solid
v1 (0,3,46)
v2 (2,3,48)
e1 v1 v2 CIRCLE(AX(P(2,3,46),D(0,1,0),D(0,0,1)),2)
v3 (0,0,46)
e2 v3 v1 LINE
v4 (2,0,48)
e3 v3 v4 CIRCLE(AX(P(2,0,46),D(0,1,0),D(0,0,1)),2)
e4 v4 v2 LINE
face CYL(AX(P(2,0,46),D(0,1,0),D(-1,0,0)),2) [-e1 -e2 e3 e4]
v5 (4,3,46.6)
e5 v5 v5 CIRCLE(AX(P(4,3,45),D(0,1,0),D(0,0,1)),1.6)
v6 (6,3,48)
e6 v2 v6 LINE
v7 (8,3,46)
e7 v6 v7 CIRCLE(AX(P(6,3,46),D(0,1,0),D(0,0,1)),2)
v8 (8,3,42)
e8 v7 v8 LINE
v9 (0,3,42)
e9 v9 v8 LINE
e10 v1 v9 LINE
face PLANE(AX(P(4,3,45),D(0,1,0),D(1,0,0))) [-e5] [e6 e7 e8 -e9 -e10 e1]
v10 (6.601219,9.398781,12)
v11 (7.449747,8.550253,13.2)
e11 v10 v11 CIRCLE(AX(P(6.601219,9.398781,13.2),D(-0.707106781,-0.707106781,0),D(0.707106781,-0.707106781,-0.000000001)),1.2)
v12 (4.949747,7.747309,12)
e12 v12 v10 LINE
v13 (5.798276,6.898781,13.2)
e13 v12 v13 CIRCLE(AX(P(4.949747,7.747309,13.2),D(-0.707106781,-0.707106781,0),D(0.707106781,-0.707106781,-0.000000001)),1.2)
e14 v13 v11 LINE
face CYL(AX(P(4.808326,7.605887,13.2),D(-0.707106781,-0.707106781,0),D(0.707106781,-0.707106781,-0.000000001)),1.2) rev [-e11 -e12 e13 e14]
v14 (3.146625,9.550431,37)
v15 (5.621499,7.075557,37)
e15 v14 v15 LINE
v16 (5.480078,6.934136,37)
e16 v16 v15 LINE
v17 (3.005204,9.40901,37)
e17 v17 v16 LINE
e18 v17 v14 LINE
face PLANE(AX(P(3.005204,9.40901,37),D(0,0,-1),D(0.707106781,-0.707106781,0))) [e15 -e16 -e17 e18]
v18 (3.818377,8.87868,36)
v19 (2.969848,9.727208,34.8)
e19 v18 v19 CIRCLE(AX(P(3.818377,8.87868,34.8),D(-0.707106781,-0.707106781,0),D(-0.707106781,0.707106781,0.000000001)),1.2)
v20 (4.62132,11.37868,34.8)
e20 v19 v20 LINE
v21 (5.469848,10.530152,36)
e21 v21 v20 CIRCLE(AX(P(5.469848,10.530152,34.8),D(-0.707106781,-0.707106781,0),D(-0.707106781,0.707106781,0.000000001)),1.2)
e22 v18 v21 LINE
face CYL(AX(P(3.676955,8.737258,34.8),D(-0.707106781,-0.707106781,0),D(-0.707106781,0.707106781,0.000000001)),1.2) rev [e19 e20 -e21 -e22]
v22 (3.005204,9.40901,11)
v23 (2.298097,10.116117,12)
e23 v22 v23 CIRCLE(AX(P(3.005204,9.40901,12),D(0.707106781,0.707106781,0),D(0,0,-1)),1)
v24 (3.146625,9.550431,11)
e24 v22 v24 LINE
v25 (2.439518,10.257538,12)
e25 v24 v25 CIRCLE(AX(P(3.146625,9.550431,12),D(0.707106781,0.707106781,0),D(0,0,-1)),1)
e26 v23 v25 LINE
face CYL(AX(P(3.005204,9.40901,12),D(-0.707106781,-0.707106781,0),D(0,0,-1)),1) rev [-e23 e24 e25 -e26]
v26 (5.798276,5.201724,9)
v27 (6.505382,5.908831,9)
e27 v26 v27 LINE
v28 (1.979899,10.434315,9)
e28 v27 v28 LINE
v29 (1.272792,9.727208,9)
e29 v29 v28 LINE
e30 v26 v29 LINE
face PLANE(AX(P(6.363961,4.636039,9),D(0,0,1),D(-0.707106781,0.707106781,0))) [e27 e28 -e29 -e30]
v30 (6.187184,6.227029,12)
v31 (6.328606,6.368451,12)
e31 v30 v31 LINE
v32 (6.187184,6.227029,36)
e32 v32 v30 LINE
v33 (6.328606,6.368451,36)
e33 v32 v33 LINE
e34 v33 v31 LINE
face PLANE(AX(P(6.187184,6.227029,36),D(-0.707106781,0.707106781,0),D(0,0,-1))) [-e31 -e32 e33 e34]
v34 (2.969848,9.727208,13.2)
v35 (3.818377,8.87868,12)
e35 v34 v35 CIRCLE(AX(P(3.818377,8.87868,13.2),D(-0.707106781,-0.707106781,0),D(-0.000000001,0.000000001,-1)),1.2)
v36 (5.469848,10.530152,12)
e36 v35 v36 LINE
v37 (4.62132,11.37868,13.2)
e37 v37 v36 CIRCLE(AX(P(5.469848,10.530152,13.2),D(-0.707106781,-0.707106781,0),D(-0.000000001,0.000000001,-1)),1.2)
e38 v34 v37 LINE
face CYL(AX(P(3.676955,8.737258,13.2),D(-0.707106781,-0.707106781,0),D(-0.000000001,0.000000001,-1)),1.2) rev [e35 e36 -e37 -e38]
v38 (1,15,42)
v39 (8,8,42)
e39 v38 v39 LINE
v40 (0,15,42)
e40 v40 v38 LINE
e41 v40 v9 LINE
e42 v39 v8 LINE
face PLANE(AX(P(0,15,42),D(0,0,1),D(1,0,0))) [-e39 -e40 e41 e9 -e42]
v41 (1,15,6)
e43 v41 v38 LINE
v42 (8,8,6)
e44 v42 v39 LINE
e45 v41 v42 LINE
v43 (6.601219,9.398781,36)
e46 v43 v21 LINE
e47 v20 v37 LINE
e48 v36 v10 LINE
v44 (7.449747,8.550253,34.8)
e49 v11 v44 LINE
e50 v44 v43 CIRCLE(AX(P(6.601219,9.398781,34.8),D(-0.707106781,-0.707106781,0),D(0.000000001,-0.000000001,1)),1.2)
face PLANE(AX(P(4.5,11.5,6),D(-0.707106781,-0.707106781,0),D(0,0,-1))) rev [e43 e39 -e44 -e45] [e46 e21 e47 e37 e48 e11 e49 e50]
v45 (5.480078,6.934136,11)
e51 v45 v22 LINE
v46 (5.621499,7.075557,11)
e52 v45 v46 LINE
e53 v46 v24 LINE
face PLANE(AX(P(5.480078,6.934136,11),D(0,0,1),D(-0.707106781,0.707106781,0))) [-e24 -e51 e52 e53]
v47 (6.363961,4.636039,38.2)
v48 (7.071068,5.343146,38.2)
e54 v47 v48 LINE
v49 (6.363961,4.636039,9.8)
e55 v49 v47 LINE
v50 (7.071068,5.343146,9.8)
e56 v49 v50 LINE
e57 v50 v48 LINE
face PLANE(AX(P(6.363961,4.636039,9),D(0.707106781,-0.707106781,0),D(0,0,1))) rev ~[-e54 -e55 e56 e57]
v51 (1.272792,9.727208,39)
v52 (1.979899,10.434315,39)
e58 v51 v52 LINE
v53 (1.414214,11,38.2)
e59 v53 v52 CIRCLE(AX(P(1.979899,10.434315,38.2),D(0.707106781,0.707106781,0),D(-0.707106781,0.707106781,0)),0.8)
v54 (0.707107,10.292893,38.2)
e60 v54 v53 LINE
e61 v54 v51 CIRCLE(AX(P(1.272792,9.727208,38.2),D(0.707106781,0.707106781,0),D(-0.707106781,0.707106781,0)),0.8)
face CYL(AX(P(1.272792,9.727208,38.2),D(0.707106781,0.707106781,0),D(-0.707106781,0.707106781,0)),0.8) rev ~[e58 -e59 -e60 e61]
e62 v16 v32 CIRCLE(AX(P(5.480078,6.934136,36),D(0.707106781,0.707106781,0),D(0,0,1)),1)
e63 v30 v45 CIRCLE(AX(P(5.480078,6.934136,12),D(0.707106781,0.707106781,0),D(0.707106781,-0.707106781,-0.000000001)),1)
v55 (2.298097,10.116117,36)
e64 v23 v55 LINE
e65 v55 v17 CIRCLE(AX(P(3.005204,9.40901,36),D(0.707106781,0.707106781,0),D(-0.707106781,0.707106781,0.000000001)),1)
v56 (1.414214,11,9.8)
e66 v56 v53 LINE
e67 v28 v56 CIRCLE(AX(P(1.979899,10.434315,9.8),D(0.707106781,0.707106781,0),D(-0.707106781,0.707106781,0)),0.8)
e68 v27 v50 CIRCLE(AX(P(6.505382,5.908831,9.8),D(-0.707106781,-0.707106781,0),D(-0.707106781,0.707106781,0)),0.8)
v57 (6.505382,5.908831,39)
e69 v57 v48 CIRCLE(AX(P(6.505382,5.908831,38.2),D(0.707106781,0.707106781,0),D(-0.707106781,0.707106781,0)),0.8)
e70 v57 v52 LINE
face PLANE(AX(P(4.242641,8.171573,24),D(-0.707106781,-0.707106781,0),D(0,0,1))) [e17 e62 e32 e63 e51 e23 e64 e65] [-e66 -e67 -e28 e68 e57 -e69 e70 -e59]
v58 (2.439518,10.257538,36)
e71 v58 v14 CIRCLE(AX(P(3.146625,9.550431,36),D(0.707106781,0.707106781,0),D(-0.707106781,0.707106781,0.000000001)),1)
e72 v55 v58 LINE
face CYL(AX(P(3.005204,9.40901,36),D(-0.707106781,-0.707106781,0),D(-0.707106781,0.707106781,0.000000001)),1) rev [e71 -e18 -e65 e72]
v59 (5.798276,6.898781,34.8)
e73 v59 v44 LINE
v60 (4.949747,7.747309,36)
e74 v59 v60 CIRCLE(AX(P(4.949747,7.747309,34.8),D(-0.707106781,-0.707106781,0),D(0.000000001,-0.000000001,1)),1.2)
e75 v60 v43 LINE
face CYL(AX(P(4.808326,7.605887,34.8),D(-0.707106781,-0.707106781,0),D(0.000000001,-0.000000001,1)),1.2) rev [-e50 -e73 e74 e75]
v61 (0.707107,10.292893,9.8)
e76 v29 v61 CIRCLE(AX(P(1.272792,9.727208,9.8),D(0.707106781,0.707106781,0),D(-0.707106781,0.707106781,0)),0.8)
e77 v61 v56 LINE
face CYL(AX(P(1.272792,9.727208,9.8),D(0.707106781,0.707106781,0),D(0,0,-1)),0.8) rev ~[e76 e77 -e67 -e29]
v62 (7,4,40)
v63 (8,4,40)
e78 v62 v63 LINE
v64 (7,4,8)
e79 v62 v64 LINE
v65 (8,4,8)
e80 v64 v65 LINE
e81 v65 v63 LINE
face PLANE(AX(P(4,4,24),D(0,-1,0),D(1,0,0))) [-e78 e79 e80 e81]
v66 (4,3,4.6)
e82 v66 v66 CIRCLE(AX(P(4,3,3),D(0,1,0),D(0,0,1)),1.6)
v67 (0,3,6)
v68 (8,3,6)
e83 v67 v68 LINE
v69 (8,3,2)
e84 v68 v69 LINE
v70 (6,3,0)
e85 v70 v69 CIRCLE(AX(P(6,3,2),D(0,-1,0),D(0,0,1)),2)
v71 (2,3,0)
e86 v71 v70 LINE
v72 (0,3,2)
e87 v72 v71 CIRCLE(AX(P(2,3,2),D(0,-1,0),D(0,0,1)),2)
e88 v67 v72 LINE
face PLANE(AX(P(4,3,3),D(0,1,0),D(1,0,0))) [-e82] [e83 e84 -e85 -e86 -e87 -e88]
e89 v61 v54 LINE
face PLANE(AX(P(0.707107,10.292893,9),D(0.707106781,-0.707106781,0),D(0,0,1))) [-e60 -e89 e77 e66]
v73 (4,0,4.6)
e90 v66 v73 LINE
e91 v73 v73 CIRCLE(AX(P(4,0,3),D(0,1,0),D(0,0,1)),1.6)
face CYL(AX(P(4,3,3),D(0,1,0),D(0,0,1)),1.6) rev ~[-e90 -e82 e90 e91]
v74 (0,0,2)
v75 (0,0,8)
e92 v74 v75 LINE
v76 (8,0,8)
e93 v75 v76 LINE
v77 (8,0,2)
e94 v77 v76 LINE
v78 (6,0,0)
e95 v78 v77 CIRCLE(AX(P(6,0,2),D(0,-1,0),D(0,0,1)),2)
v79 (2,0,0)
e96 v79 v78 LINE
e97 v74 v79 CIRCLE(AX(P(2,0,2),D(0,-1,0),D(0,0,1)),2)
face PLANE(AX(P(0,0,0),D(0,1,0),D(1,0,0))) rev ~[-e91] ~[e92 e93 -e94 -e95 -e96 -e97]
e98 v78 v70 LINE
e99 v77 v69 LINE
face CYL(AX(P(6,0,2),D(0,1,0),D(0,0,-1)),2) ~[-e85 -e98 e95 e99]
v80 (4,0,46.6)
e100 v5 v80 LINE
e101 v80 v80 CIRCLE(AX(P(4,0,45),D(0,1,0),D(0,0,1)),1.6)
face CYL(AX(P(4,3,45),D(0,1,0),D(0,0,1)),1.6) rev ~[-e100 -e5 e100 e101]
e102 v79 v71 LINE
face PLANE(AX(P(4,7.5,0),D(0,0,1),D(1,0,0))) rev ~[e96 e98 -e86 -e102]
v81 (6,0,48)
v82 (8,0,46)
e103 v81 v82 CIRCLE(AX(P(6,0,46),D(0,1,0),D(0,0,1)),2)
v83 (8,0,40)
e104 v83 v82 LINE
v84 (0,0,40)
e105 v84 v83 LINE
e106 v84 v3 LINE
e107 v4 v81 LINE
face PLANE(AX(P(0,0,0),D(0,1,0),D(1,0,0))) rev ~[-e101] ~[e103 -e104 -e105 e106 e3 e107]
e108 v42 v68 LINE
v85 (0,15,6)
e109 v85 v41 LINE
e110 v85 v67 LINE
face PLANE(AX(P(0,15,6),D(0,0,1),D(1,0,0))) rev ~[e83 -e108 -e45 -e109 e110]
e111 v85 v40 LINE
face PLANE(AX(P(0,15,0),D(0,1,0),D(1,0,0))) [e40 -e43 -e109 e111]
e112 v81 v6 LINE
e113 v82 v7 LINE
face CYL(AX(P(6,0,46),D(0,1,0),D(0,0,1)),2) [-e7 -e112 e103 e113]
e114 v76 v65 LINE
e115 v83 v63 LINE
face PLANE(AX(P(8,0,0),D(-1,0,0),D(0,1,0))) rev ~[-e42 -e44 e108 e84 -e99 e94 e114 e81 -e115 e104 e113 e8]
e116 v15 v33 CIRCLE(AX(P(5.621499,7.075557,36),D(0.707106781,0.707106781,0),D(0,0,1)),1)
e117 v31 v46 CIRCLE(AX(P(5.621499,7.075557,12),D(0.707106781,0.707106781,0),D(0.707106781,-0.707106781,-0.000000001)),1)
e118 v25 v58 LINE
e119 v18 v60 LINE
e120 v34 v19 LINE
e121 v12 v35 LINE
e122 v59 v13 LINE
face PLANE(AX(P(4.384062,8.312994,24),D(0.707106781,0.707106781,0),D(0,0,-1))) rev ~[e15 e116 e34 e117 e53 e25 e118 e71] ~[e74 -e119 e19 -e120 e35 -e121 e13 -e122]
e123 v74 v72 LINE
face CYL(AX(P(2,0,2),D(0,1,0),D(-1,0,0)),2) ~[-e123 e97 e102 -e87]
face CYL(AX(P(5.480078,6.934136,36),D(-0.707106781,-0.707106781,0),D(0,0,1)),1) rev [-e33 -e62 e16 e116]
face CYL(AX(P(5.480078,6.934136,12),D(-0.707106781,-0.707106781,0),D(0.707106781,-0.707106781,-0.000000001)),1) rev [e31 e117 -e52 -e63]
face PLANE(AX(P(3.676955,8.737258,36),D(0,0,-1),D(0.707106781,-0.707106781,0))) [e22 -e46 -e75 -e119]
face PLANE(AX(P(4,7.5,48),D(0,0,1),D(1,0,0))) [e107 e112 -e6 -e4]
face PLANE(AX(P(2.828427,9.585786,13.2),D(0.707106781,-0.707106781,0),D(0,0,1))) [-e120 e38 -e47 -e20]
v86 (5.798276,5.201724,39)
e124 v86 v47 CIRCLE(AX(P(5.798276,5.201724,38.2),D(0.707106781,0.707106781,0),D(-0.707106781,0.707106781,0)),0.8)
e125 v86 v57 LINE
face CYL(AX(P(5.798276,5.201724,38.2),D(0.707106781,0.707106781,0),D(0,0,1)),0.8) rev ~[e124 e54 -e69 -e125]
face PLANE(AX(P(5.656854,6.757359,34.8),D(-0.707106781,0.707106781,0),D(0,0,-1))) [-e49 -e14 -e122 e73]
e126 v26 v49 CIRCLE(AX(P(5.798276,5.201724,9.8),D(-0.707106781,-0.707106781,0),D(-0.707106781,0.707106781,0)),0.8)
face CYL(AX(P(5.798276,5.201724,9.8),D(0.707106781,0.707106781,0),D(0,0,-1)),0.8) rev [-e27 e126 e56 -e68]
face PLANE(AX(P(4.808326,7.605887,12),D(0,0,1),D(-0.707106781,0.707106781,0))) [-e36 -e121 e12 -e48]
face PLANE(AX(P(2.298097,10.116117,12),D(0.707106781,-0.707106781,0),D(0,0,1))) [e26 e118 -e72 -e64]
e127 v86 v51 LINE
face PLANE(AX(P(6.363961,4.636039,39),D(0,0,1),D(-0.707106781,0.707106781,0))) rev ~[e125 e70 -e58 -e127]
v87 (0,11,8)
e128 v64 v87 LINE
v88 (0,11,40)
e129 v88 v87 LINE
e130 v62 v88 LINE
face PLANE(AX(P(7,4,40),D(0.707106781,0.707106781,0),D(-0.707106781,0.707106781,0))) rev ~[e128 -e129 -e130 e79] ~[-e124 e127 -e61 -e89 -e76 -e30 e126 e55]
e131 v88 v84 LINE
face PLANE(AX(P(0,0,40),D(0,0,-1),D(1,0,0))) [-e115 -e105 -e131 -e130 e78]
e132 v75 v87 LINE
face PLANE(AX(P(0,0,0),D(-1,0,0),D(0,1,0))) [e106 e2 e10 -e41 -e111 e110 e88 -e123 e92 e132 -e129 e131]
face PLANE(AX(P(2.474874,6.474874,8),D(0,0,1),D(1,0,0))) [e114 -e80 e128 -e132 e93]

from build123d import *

# Parameters (mm, degrees)
SKETCH_1_W          = 8
SKETCH_1_H          = 15
EXTRUDE_1_DEPTH     = 48
SKETCH_2_W          = 8
SKETCH_2_H          = 6
CUT_EXTRUDE_1_DEPTH = 12
SKETCH_4_W          = 8
SKETCH_4_H          = 32
CUT_EXTRUDE_3_DEPTH = 4
SKETCH_5_R          = 1.6
CUT_EXTRUDE_4_DEPTH = 3
FILLET_1_R          = 2
CUT_EXTRUDE_5_DEPTH = 32
SKETCH_6_W          = 30
SKETCH_6_H          = 8
CUT_EXTRUDE_6_DEPTH = 1
CHAMFER_1_SIZE      = 7
FILLET_2_R          = 0.8
CUT_EXTRUDE_7_DEPTH = 10
CUT_EXTRUDE_8_DEPTH = 0.2


with BuildPart() as part:
    # 草图1 → 凸台-拉伸1 (new body)
    with BuildSketch(Plane.XY):
        with Locations((4, 7.5)):
            Rectangle(SKETCH_1_W, SKETCH_1_H)
    extrude(amount=EXTRUDE_1_DEPTH)

    # 草图2 → 切除-拉伸1 (cut)
    with BuildSketch(Plane(origin=(0, 15, 0), x_dir=(1, 0, 0), z_dir=(0, 1, 0))):
        with Locations((4, -3)):
            Rectangle(SKETCH_2_W, SKETCH_2_H)
        with Locations((4, -45)):
            Rectangle(SKETCH_2_W, SKETCH_2_H)
    extrude(amount=-CUT_EXTRUDE_1_DEPTH, mode=Mode.SUBTRACT)

    # 草图4 → 切除-拉伸3 (cut)
    with BuildSketch(Plane.XZ):
        with Locations((4, 24)):
            Rectangle(SKETCH_4_W, SKETCH_4_H)
    extrude(amount=-CUT_EXTRUDE_3_DEPTH, mode=Mode.SUBTRACT)

    # 草图5 → 切除-拉伸4 (cut)
    with BuildSketch(Plane(origin=(0, 3, 0), x_dir=(1, 0, 0), z_dir=(0, 1, 0))):
        with Locations(Location((4, -3, 0), (0, 0, 270))):
            Circle(SKETCH_5_R)
        with Locations(Location((4, -45, 0), (0, 0, 270))):
            Circle(SKETCH_5_R)
    extrude(amount=-CUT_EXTRUDE_4_DEPTH, mode=Mode.SUBTRACT)

    # 圆角1
    fillet_1_edges = [part.edges().sort_by_distance(p)[0] for p in [
        (8, 1.5, 48),
        (0, 1.5, 0),
        (0, 1.5, 48),
        (8, 1.5, 0),
    ]]
    fillet(fillet_1_edges, radius=FILLET_1_R)

    # 草图3 → 切除-拉伸5 (cut)
    with BuildSketch(Plane.XY.offset(40)):
        Polygon((0, 4), (7, 4), (0, 11), align=None)
    extrude(amount=-CUT_EXTRUDE_5_DEPTH, mode=Mode.SUBTRACT)

    # 草图6 → 切除-拉伸6 (cut)
    with BuildSketch(Plane(origin=(5.5, 5.5, 0), x_dir=(0, 0, 1), z_dir=(-0.7071067811865474, -0.7071067811865477, 0))):
        with Locations((24, 2.778174593)):
            Rectangle(SKETCH_6_W, SKETCH_6_H)
    extrude(amount=-CUT_EXTRUDE_6_DEPTH, mode=Mode.SUBTRACT)

    # 倒角1
    chamfer_1_edges = [part.edges().sort_by_distance(p)[0] for p in [
        (8, 15, 24),
    ]]
    chamfer(chamfer_1_edges, length=CHAMFER_1_SIZE)

    # 圆角2
    fillet_2_edges = [part.edges().sort_by_distance(p)[0] for p in [
        (6.717514421, 4.98959236, 9),
        (1.060660172, 10.646446609, 9),
        (1.060660172, 10.646446609, 39),
        (6.717514421, 4.98959236, 39),
    ]]
    fillet(fillet_2_edges, radius=FILLET_2_R)

    # 草图7 → 切除-拉伸7 (cut)
    with BuildSketch(Plane(origin=(6.207106781, 6.207106781, 0), x_dir=(0, 0, 1), z_dir=(-0.7071067811865475, -0.7071067811865477, 0))):
        with BuildLine():
            Line((13.2, 4.778174593), (34.8, 4.778174593))
            ThreePointArc((34.8, 4.778174593), (35.648528137, 4.42670273), (36, 3.578174593))
            Line((36, 3.578174593), (36, 1.978174593))
            ThreePointArc((36, 1.978174593), (35.648528137, 1.129646456), (34.8, 0.778174593))
            Line((34.8, 0.778174593), (13.2, 0.778174593))
            ThreePointArc((13.2, 0.778174593), (12.351471863, 1.129646456), (12, 1.978174593))
            Line((12, 1.978174593), (12, 3.578174593))
            ThreePointArc((12, 3.578174593), (12.351471863, 4.42670273), (13.2, 4.778174593))
        make_face()
    extrude(amount=-CUT_EXTRUDE_7_DEPTH, mode=Mode.SUBTRACT)

    # 草图8 → 切除-拉伸8 (cut)
    with BuildSketch(Plane(origin=(6.207106781, 6.207106781, 0), x_dir=(0, 0, 1), z_dir=(-0.7071067811865475, -0.7071067811865477, 0))):
        with BuildLine():
            Line((12, 5.528174593), (36, 5.528174593))
            ThreePointArc((36, 5.528174593), (36.707106781, 5.235281374), (37, 4.528174593))
            Line((37, 4.528174593), (37, 1.028174593))
            ThreePointArc((37, 1.028174593), (36.707106781, 0.321067812), (36, 0.028174593))
            Line((36, 0.028174593), (12, 0.028174593))
            ThreePointArc((12, 0.028174593), (11.292893219, 0.321067812), (11, 1.028174593))
            Line((11, 1.028174593), (11, 4.528174593))
            ThreePointArc((11, 4.528174593), (11.292893219, 5.235281374), (12, 5.528174593))
        make_face()
    extrude(amount=-CUT_EXTRUDE_8_DEPTH, mode=Mode.SUBTRACT)


solid = part.part
